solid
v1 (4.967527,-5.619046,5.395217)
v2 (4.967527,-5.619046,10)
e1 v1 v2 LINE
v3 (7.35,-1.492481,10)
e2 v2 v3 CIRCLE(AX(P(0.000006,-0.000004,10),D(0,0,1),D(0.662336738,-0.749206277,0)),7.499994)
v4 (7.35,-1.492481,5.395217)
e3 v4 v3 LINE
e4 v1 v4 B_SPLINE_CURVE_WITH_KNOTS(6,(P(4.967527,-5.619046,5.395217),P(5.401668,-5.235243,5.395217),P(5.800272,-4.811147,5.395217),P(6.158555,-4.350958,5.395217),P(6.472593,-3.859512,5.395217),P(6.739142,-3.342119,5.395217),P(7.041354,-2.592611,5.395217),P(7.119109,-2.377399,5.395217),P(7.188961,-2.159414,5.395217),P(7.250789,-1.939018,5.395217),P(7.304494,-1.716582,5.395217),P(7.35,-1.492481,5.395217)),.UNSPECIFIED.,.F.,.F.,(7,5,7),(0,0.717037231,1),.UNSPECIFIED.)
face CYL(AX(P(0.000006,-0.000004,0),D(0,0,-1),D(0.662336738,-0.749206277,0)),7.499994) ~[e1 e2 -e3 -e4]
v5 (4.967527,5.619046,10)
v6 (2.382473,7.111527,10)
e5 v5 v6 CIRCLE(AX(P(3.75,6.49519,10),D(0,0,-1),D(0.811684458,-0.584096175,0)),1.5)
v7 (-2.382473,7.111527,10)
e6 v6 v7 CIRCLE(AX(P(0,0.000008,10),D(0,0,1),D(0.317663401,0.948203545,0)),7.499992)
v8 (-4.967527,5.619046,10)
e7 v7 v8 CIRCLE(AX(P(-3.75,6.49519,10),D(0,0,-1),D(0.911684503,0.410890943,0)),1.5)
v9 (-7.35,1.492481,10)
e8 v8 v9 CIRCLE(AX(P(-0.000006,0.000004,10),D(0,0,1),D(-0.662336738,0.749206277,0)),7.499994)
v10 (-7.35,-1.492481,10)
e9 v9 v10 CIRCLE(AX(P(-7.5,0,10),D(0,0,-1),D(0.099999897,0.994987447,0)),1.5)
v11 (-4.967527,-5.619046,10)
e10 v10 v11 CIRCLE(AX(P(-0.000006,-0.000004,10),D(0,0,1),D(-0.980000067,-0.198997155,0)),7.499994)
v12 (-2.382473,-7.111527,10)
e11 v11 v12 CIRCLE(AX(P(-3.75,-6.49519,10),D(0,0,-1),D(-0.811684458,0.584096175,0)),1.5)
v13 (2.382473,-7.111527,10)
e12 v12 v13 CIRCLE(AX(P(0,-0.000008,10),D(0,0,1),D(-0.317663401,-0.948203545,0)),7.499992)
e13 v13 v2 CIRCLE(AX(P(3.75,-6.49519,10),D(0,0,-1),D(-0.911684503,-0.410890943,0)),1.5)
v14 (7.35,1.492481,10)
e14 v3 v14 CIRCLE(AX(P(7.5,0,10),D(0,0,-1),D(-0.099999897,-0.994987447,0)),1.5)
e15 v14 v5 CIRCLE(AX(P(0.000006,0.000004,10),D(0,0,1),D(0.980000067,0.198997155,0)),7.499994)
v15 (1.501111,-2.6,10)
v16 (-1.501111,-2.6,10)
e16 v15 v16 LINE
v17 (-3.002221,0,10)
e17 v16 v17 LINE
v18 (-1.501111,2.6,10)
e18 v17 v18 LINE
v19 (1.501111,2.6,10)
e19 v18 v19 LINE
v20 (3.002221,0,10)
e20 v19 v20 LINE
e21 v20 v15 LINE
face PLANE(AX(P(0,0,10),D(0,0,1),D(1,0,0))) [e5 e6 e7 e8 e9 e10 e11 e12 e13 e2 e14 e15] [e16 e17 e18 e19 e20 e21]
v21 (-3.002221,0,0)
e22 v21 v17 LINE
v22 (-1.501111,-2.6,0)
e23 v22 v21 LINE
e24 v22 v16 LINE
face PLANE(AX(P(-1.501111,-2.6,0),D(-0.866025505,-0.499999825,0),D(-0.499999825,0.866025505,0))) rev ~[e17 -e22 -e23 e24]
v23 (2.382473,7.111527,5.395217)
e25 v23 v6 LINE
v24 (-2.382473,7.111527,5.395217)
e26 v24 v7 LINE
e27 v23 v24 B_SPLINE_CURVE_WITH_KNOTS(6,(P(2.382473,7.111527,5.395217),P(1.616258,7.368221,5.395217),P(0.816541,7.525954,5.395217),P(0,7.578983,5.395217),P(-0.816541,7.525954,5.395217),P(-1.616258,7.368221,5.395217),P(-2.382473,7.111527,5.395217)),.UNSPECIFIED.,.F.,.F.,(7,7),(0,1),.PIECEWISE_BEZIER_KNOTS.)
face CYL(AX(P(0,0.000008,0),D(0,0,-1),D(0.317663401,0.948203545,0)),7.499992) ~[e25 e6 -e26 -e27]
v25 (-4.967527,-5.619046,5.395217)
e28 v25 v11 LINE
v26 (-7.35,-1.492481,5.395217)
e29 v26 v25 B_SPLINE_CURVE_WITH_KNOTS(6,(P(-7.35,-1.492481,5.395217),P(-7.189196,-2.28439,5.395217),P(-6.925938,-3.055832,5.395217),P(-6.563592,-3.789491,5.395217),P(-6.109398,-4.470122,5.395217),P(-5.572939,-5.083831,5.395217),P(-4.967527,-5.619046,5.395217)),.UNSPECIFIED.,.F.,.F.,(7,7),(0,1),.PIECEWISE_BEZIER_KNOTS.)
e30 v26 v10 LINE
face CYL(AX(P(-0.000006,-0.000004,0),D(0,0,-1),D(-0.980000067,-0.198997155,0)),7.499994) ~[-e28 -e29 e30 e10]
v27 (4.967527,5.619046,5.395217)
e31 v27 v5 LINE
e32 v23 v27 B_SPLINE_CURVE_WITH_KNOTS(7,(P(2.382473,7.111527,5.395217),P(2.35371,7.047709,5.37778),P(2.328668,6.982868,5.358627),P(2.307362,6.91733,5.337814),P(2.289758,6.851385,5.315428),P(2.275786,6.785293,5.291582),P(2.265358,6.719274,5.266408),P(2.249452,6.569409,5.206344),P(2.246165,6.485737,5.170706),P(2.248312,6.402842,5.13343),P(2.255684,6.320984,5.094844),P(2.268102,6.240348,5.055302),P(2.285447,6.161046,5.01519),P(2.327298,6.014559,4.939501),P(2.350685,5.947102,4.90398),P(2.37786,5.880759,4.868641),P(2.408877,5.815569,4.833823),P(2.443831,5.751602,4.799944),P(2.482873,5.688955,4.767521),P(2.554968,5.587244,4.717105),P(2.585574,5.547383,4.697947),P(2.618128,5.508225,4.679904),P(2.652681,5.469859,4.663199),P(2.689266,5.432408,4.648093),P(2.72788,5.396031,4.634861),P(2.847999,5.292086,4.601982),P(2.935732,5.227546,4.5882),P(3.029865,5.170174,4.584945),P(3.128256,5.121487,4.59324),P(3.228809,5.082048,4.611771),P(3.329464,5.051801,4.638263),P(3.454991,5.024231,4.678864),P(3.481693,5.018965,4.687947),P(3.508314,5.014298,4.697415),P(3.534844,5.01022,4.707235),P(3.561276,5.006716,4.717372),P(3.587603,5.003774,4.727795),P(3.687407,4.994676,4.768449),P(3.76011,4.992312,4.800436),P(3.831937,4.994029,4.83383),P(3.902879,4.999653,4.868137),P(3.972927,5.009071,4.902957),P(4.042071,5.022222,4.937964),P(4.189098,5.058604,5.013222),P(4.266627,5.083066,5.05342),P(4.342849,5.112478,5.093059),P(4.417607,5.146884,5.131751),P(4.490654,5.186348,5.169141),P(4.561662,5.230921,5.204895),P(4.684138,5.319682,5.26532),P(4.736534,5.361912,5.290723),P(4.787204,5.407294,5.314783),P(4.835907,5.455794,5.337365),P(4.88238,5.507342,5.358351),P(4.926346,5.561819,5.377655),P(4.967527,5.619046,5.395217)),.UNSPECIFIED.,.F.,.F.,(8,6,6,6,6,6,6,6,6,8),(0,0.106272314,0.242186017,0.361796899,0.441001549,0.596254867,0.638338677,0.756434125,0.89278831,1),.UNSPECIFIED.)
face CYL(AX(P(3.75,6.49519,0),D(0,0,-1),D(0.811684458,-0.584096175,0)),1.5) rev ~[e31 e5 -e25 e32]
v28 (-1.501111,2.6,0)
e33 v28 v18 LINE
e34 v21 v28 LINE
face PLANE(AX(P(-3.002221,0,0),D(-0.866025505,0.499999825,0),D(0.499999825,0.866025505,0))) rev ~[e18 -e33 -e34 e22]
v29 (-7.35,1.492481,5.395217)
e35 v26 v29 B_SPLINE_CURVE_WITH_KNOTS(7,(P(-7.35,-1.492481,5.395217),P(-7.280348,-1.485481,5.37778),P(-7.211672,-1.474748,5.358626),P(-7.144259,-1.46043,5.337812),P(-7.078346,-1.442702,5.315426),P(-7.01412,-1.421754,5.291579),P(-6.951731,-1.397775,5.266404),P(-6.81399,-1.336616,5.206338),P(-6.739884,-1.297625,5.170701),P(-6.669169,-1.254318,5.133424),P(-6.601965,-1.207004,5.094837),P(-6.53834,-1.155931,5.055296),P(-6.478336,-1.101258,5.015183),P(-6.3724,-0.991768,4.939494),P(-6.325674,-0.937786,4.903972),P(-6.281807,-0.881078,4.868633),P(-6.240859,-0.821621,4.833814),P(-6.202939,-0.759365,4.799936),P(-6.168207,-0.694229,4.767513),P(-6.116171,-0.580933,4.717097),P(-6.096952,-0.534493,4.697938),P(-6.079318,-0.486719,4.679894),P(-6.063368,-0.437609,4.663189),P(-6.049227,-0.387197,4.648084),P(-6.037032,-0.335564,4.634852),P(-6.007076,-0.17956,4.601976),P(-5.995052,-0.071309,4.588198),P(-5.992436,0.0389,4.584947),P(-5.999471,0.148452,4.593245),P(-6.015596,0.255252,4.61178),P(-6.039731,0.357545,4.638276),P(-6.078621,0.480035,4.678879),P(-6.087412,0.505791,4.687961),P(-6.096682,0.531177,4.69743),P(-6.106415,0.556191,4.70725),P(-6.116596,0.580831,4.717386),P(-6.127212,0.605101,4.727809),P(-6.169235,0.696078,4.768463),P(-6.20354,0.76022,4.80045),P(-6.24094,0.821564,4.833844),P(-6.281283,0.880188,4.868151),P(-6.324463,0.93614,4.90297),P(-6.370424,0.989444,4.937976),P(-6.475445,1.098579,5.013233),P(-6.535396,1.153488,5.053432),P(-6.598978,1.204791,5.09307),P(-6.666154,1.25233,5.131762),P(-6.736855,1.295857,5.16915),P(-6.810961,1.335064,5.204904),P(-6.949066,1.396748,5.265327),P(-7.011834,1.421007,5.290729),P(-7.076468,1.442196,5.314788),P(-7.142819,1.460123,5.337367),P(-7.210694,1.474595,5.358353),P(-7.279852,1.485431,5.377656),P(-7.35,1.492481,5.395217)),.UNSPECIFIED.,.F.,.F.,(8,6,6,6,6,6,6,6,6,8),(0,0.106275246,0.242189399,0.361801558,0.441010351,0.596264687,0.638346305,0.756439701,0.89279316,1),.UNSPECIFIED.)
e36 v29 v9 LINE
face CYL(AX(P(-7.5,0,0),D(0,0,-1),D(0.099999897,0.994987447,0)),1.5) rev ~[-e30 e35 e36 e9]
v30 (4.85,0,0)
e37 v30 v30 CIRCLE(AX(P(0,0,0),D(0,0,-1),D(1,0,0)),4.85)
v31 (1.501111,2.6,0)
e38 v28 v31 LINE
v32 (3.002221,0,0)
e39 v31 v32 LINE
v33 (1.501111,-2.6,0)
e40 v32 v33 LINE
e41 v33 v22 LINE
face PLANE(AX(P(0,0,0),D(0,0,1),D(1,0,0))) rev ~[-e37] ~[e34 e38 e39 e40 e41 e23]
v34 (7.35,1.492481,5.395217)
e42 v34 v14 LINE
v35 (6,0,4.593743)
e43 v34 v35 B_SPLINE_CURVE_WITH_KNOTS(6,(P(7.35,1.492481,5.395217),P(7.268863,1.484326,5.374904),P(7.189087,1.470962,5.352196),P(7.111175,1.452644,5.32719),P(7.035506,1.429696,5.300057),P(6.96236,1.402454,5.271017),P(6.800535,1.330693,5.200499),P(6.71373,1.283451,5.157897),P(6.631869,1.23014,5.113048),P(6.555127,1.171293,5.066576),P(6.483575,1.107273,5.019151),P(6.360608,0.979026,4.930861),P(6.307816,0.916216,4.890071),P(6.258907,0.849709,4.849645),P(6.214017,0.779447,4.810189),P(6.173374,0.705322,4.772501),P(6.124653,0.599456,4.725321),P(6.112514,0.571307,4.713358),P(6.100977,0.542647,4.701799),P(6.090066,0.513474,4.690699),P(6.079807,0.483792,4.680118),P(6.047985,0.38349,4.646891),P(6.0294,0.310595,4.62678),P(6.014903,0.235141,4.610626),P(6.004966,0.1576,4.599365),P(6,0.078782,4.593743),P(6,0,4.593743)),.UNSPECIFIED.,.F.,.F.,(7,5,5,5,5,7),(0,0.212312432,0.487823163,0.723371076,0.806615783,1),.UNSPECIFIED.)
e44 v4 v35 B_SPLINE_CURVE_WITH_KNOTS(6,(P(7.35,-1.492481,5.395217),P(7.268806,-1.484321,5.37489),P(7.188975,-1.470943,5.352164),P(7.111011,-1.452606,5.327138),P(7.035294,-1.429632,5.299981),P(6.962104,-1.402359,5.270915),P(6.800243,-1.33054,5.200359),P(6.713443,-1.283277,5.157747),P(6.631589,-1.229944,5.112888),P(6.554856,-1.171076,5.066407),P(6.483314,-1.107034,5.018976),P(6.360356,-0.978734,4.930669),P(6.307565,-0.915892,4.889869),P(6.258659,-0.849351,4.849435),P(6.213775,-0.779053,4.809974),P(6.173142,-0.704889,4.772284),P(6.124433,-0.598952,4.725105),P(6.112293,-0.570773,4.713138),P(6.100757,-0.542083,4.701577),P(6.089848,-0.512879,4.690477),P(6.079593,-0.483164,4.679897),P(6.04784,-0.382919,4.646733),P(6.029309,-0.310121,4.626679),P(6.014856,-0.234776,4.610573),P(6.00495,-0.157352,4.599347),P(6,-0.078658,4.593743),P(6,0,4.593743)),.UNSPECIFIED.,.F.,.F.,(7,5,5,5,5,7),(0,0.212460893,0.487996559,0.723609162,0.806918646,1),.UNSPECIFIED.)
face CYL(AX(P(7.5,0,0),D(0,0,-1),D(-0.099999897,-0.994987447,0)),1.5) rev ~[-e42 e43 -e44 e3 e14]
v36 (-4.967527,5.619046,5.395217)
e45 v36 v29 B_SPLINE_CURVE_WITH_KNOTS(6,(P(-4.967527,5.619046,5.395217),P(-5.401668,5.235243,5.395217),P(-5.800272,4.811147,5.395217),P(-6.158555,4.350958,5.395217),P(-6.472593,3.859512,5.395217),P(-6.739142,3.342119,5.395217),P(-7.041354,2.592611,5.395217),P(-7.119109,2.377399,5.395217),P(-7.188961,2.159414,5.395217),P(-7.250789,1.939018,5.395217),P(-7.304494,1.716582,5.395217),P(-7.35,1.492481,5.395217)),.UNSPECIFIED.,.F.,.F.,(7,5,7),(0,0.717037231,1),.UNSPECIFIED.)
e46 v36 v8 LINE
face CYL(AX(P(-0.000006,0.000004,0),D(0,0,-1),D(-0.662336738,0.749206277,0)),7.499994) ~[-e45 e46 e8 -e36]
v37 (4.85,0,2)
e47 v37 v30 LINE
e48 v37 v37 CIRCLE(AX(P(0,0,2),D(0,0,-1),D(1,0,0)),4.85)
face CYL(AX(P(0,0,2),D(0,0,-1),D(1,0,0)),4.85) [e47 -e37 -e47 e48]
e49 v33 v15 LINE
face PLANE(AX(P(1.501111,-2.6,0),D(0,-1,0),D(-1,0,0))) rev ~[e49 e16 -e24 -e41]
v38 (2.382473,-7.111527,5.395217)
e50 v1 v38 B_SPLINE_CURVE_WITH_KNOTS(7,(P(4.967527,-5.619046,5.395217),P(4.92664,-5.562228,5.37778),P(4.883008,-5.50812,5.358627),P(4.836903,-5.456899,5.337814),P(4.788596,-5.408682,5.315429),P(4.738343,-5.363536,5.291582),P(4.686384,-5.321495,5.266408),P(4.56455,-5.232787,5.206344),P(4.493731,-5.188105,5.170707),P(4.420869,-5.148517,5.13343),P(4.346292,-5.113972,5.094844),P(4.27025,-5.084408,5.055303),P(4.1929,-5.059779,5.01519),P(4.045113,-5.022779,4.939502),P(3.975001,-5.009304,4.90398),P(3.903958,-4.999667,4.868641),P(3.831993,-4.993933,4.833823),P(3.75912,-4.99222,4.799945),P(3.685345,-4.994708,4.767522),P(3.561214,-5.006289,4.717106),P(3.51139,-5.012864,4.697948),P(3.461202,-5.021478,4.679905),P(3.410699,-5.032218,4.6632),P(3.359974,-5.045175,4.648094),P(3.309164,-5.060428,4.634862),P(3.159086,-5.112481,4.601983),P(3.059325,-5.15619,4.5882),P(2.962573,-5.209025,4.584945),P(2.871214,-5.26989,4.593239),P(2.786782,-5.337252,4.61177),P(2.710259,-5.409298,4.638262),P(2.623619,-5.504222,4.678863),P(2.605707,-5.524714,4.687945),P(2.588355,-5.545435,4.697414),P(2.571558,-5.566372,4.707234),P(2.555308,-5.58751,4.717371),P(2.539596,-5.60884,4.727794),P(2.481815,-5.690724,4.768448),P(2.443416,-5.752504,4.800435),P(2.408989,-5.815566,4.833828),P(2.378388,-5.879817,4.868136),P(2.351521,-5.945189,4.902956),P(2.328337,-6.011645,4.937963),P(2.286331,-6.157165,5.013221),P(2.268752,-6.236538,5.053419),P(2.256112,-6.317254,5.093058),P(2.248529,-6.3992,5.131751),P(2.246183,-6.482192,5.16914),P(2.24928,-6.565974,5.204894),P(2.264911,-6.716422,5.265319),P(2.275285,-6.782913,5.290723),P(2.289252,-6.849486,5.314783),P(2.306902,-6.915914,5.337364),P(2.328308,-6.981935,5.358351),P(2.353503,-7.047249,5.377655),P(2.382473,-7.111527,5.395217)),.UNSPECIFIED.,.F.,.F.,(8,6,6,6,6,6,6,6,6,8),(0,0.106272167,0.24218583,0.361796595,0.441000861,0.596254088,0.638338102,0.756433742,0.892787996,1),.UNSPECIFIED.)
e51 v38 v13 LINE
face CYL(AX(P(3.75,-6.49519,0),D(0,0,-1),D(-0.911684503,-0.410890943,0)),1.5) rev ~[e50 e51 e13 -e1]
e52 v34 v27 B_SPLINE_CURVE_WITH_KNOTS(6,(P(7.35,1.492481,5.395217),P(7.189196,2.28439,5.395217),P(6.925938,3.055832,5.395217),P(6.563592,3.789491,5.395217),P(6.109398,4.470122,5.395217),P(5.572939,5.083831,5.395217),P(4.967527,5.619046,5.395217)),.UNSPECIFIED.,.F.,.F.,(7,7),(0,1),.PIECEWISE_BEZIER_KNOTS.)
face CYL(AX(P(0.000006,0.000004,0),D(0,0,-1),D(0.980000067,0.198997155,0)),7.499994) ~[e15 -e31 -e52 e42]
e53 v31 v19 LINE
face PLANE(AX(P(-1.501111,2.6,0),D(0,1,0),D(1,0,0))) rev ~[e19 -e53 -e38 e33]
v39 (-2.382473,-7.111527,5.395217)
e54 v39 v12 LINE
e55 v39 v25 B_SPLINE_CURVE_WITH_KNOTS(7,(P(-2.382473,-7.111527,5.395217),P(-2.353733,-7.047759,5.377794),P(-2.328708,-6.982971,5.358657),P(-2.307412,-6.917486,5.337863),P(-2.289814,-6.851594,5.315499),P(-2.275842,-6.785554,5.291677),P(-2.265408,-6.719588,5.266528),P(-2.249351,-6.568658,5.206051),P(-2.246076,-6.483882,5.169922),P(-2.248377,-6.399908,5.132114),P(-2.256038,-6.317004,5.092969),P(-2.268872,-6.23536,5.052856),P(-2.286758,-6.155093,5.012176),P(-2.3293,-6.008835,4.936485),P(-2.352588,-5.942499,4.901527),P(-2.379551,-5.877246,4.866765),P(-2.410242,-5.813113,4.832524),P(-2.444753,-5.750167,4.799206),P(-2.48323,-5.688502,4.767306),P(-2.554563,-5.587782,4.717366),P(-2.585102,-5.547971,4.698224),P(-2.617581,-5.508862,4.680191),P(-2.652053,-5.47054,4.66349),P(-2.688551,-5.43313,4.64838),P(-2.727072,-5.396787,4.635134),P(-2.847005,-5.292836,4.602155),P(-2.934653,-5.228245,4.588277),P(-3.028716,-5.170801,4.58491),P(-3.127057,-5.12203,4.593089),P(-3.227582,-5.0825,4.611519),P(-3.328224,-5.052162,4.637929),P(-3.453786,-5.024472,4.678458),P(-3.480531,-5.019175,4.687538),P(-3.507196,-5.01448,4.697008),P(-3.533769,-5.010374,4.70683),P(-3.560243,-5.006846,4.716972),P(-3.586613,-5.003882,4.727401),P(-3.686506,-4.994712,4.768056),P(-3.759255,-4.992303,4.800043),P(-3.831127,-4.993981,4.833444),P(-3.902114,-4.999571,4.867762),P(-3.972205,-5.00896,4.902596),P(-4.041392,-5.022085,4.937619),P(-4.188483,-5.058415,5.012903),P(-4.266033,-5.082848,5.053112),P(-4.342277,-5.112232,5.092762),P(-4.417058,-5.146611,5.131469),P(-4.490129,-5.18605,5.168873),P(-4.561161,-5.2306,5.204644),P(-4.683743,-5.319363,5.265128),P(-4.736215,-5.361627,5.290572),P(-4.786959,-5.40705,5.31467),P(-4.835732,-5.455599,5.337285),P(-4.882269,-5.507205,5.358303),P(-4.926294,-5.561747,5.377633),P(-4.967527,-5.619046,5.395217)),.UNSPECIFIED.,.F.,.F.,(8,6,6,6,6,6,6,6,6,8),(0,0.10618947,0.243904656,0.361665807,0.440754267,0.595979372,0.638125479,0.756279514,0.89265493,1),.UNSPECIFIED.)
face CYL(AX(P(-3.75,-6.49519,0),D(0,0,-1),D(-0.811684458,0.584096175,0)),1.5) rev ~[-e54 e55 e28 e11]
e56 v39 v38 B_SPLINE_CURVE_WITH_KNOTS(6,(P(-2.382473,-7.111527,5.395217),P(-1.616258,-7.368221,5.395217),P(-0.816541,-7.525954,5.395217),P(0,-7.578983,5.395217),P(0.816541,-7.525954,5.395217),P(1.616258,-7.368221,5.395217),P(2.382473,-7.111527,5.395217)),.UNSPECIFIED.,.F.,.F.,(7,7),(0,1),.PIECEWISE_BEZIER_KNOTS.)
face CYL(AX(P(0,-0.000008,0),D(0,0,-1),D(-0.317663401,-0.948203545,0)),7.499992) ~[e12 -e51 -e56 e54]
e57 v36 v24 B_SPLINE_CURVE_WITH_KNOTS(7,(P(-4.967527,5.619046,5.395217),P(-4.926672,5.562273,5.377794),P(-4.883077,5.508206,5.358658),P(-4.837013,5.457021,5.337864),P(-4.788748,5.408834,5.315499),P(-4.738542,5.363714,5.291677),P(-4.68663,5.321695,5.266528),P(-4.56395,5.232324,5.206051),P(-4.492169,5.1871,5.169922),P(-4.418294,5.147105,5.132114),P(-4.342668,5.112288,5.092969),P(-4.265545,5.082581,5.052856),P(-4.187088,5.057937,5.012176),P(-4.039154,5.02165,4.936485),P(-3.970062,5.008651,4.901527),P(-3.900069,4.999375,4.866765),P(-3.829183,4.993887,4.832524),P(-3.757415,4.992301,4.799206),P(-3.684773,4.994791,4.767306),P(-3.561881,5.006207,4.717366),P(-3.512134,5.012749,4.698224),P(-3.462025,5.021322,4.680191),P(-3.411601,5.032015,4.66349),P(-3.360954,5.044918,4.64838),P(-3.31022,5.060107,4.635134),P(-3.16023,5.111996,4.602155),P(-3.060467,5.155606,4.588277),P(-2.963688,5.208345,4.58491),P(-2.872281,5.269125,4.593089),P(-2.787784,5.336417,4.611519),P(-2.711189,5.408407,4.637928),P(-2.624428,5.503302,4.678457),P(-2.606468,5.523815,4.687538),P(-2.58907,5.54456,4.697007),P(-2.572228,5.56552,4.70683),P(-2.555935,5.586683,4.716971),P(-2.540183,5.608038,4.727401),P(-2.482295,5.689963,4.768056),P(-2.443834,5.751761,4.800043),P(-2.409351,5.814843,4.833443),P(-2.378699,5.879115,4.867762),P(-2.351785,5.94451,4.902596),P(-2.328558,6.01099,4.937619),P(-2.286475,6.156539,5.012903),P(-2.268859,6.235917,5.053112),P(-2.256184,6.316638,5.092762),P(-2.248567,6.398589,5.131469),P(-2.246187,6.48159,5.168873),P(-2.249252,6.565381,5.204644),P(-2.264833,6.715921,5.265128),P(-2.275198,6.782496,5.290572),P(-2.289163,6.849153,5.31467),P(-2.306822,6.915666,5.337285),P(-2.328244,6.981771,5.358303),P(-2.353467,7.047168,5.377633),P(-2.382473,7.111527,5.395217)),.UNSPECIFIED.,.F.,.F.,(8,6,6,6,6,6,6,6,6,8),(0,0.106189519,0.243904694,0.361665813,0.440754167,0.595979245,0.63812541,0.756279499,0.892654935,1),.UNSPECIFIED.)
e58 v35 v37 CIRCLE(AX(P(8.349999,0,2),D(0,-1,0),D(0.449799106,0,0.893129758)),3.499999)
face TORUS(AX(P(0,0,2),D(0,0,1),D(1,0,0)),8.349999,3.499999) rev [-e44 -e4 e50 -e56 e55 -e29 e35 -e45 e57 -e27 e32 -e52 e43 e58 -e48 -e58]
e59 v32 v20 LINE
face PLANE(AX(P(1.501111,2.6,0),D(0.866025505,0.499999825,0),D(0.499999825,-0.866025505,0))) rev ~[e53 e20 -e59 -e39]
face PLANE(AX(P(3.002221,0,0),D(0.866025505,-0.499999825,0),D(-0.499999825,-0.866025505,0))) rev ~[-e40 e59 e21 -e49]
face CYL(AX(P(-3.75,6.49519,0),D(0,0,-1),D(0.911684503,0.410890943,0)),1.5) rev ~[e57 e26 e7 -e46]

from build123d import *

# Parameters (mm, degrees)
F1_DEPTH = 10


with BuildPart() as f1:
    # F0 (on Top) → F1 (new body)
    with BuildSketch(Plane.XY):
        with BuildLine():
            ThreePointArc((-7.35, 1.492481), (-6, 0), (-7.35, -1.492481))
            ThreePointArc((-7.35, -1.492481), (-6.495191, -3.75), (-4.967527, -5.619046))
            ThreePointArc((-4.967527, -5.619046), (-3, -5.196152), (-2.382473, -7.111527))
            ThreePointArc((-2.382473, -7.111527), (0, -7.5), (2.382473, -7.111527))
            ThreePointArc((2.382473, -7.111527), (3, -5.196152), (4.967527, -5.619046))
            ThreePointArc((4.967527, -5.619046), (6.495191, -3.75), (7.35, -1.492481))
            ThreePointArc((7.35, -1.492481), (6, 0), (7.35, 1.492481))
            ThreePointArc((7.35, 1.492481), (6.495191, 3.75), (4.967527, 5.619046))
            ThreePointArc((4.967527, 5.619046), (3, 5.196152), (2.382473, 7.111527))
            ThreePointArc((2.382473, 7.111527), (0, 7.5), (-2.382473, 7.111527))
            ThreePointArc((-2.382473, 7.111527), (-3, 5.196152), (-4.967527, 5.619046))
            ThreePointArc((-4.967527, 5.619046), (-6.495191, 3.75), (-7.35, 1.492481))
        make_face()
        Polygon((-3.002221, 0), (-1.501111, 2.6), (1.501111, 2.6), (3.002221, 0), (1.501111, -2.6), (-1.501111, -2.6), align=None, mode=Mode.SUBTRACT)
    extrude(amount=F1_DEPTH)

    # F2 (on Front) → F3 (revolve, cut)
    with BuildSketch(Plane.XZ):
        with BuildLine():
            Line((4.85, 2), (4.85, 0))
            Line((4.85, 0), (9.85, 0))
            Line((9.85, 0), (9.924296, 5.125954))
            ThreePointArc((9.924296, 5.125954), (6.514249, 4.979936), (4.85, 2))
        make_face()
    revolve(axis=Axis((0, 0, 4.999244), (0, 0, -1)), mode=Mode.SUBTRACT)


solid = f1.part
